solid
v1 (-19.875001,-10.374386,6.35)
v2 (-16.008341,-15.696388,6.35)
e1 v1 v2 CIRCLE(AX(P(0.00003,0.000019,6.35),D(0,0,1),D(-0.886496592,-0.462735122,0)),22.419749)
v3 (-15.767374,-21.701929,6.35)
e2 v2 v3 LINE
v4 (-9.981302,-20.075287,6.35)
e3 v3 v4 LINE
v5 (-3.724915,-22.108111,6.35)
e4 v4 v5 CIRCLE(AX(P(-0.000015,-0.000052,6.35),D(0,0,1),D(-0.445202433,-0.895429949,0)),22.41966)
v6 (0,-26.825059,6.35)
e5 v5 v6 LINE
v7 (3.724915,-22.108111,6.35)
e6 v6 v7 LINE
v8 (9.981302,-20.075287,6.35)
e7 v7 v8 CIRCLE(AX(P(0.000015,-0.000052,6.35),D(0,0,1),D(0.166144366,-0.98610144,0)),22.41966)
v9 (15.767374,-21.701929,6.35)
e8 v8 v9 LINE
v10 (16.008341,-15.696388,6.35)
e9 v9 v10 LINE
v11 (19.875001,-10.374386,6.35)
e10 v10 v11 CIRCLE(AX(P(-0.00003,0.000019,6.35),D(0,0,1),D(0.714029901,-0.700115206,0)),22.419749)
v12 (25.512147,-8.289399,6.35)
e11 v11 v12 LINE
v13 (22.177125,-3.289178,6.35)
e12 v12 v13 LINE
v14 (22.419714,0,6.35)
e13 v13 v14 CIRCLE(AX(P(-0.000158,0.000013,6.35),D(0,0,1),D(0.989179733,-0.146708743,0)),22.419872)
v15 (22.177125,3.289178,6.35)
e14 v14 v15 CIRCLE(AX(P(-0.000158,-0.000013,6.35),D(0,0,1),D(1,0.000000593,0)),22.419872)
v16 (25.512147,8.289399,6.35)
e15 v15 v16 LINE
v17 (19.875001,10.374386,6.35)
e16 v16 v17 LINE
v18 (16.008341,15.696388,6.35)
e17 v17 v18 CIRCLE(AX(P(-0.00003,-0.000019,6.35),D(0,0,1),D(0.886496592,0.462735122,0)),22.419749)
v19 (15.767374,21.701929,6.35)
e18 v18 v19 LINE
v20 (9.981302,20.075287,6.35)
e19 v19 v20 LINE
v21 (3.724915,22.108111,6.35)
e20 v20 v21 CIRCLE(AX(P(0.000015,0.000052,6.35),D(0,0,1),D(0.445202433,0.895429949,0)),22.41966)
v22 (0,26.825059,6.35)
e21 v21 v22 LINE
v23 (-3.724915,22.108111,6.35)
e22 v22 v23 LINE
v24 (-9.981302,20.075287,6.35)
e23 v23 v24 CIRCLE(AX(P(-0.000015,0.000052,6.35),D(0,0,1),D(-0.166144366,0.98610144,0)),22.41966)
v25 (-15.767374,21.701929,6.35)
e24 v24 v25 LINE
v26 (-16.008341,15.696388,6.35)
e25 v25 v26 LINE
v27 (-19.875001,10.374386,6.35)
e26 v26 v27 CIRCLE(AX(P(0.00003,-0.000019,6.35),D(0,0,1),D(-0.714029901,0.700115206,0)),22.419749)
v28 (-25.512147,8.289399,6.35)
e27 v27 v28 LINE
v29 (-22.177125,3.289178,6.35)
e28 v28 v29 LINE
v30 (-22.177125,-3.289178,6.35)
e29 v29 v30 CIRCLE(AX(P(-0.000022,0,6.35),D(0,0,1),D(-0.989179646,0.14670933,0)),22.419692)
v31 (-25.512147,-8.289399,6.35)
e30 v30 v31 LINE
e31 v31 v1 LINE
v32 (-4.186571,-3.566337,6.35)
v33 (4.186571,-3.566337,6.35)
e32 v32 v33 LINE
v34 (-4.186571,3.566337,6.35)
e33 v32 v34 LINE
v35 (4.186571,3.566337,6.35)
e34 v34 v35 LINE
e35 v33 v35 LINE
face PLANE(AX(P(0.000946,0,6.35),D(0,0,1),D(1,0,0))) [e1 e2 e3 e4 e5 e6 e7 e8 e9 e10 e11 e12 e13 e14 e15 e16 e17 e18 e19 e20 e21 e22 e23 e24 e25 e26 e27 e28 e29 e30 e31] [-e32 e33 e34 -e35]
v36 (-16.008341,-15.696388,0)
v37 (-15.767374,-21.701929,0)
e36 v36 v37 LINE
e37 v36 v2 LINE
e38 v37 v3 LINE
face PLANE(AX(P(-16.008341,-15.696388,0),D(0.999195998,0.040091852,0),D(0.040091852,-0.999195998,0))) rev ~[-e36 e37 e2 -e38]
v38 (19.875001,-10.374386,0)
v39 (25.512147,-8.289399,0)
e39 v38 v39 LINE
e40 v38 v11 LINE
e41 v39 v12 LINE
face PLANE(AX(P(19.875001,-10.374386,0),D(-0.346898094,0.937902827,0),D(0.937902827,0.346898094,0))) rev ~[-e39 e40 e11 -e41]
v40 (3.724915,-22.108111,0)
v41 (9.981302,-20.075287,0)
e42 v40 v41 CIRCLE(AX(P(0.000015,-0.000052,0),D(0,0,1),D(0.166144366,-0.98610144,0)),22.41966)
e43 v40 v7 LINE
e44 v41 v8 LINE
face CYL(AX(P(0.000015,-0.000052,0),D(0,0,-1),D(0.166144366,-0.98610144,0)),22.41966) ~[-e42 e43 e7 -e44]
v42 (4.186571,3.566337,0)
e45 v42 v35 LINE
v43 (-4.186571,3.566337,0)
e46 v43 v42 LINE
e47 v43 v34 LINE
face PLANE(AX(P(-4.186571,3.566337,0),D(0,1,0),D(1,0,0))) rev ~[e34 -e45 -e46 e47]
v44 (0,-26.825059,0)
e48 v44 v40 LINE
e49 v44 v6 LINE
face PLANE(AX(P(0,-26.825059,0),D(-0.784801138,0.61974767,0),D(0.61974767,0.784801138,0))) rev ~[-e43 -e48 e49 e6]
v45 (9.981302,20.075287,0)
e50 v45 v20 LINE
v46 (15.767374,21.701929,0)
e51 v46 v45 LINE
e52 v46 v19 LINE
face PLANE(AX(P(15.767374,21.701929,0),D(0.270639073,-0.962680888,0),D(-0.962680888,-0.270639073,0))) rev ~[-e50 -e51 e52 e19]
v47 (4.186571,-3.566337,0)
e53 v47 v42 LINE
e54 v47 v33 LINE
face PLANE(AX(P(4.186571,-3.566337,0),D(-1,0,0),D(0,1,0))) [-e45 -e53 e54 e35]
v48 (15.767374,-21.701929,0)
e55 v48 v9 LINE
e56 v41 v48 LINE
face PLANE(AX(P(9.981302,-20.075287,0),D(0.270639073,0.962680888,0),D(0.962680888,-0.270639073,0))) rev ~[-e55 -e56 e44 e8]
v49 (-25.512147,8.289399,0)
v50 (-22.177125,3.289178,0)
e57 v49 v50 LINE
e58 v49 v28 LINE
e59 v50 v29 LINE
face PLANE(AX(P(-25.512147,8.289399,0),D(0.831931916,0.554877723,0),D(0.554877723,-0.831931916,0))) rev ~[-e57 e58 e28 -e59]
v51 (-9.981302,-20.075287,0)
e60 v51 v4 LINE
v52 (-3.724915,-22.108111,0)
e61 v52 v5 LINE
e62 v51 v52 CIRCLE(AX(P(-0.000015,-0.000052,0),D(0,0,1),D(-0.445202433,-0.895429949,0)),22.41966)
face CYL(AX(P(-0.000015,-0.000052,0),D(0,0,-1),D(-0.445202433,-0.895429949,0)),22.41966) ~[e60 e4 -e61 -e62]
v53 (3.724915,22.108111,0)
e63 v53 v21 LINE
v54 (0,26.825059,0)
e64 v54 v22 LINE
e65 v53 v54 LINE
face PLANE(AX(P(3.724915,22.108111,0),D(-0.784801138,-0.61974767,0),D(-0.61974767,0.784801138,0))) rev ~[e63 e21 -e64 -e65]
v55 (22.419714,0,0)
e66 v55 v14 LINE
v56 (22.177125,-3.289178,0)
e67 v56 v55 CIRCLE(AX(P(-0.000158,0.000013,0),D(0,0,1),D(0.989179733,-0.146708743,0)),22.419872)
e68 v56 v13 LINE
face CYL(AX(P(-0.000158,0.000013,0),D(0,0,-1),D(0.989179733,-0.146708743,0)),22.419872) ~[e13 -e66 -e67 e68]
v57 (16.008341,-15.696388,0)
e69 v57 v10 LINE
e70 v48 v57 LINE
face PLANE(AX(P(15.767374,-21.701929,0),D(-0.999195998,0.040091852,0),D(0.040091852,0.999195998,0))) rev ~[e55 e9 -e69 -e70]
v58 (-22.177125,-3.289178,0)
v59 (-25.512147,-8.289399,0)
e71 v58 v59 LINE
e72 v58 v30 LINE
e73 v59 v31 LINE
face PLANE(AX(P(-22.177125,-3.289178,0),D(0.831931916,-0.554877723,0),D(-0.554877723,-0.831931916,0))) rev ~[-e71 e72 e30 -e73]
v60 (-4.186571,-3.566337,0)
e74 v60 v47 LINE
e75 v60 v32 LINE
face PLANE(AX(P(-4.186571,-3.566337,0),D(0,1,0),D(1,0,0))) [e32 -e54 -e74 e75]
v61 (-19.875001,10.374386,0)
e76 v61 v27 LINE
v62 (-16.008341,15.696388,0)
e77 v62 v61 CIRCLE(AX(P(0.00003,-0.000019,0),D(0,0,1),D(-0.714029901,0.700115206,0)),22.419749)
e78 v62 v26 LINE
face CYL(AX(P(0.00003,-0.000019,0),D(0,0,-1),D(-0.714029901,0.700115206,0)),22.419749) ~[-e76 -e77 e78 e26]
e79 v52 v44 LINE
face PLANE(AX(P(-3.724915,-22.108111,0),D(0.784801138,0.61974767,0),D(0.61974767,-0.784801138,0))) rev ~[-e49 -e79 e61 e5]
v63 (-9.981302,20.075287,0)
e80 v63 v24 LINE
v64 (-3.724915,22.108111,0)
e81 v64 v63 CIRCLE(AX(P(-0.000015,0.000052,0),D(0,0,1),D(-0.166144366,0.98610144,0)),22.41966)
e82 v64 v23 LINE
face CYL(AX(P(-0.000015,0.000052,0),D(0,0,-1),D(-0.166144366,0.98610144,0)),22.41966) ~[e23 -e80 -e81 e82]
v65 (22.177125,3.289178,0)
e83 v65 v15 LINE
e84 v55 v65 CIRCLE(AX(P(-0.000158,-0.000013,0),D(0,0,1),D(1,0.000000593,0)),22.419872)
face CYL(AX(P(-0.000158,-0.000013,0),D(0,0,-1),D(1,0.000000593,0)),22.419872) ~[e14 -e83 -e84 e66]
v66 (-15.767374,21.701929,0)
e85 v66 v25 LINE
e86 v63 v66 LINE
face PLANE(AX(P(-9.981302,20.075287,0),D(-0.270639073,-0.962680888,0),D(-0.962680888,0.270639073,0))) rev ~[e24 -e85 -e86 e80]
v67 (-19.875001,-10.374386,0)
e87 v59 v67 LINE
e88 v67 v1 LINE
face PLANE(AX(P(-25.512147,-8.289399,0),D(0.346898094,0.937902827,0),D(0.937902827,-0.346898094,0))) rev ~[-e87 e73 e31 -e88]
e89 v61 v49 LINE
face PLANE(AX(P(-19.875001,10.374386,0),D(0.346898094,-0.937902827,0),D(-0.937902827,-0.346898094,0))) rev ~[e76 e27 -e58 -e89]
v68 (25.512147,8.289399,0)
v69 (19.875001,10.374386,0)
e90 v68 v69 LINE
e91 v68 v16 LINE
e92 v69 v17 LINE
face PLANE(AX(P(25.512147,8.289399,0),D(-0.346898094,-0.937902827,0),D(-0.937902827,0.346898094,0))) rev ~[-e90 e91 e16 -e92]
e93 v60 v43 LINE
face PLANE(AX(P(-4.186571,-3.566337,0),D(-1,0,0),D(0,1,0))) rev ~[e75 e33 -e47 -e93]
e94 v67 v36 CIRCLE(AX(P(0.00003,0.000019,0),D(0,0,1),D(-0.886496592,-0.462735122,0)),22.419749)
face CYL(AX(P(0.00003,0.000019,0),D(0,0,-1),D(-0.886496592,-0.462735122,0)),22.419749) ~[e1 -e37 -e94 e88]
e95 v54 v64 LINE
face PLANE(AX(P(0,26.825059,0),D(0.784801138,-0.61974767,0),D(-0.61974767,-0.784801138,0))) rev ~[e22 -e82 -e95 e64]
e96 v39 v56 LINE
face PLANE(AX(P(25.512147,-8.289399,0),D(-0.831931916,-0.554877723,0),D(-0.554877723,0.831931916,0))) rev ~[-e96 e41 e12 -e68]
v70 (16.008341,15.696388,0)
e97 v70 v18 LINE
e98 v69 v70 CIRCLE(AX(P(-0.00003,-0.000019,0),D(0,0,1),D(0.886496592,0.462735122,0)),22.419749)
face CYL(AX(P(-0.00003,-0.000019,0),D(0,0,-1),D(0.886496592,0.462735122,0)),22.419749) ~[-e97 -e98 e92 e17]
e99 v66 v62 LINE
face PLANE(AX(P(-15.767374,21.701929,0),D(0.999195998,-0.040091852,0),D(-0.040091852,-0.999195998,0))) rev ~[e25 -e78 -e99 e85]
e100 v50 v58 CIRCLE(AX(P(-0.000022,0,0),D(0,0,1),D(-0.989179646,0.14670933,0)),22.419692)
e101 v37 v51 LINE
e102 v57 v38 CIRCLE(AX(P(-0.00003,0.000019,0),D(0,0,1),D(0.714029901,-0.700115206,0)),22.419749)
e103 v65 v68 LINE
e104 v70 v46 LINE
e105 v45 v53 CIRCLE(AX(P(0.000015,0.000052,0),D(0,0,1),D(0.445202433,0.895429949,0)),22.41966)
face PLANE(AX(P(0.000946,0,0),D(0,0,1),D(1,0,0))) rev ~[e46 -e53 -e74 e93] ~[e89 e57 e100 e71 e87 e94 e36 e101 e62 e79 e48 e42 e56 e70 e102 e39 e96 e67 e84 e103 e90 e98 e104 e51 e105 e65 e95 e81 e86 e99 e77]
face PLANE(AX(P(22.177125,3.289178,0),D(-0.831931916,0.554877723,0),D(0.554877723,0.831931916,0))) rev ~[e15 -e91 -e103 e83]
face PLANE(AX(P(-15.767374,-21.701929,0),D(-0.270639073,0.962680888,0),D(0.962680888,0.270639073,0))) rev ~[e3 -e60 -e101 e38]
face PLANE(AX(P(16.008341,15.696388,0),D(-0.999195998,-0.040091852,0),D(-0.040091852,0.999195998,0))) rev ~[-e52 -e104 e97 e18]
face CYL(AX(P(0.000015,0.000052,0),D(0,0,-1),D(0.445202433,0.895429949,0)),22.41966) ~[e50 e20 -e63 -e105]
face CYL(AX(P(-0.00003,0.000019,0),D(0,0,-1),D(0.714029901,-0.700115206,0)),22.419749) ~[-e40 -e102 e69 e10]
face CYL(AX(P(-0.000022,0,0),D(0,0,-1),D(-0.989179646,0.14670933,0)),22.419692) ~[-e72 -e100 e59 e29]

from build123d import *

# Parameters (mm, degrees)
F0_R     = 8.674945
F0_W     = 8.373142
F0_H     = 7.132674
F1_DEPTH = 6.35


with BuildPart() as f1:
    # F0 (on Top) → F1 (new body)
    with BuildSketch(Plane.XY):
        with BuildLine():
            ThreePointArc((22.177125, -3.289178), (22.358984, -1.649056), (22.419714, 0))
            ThreePointArc((22.419714, 0), (22.358984, 1.649056), (22.177125, 3.289178))
            ThreePointArc((22.177125, 3.289178), (21.322415, 6.928073), (19.875001, 10.374386))
            ThreePointArc((19.875001, 10.374386), (18.137929, 13.177977), (16.008341, 15.696388))
            ThreePointArc((16.008341, 15.696388), (13.177977, 18.137929), (9.981302, 20.075287))
            ThreePointArc((9.981302, 20.075287), (6.928073, 21.322415), (3.724915, 22.108111))
            ThreePointArc((3.724915, 22.108111), (0, 22.419714), (-3.724915, 22.108111))
            ThreePointArc((-3.724915, 22.108111), (-6.928073, 21.322415), (-9.981302, 20.075287))
            ThreePointArc((-9.981302, 20.075287), (-13.177977, 18.137929), (-16.008341, 15.696388))
            ThreePointArc((-16.008341, 15.696388), (-18.137929, 13.177977), (-19.875001, 10.374386))
            ThreePointArc((-19.875001, 10.374386), (-21.322415, 6.928073), (-22.177125, 3.289178))
            ThreePointArc((-22.177125, 3.289178), (-22.419714, 0), (-22.177125, -3.289178))
            ThreePointArc((-22.177125, -3.289178), (-21.322415, -6.928073), (-19.875001, -10.374386))
            ThreePointArc((-19.875001, -10.374386), (-18.137929, -13.177977), (-16.008341, -15.696388))
            ThreePointArc((-16.008341, -15.696388), (-13.177977, -18.137929), (-9.981302, -20.075287))
            ThreePointArc((-9.981302, -20.075287), (-6.928073, -21.322415), (-3.724915, -22.108111))
            ThreePointArc((-3.724915, -22.108111), (0, -22.419714), (3.724915, -22.108111))
            ThreePointArc((3.724915, -22.108111), (6.928073, -21.322415), (9.981302, -20.075287))
            ThreePointArc((9.981302, -20.075287), (13.177977, -18.137929), (16.008341, -15.696388))
            ThreePointArc((16.008341, -15.696388), (18.137929, -13.177977), (19.875001, -10.374386))
            ThreePointArc((19.875001, -10.374386), (21.322415, -6.928073), (22.177125, -3.289178))
        make_face()
        Circle(F0_R, mode=Mode.SUBTRACT)
        with BuildLine():
            ThreePointArc((-16.008341, 15.696388), (-13.177977, 18.137929), (-9.981302, 20.075287))
            Line((-9.981302, 20.075287), (-15.767374, 21.701929))
            Line((-15.767374, 21.701929), (-16.008341, 15.696388))
        make_face()
        with BuildLine():
            ThreePointArc((-3.724915, 22.108111), (0, 22.419714), (3.724915, 22.108111))
            Line((3.724915, 22.108111), (0, 26.825059))
            Line((0, 26.825059), (-3.724915, 22.108111))
        make_face()
        with BuildLine():
            ThreePointArc((9.981302, 20.075287), (13.177977, 18.137929), (16.008341, 15.696388))
            Line((16.008341, 15.696388), (15.767374, 21.701929))
            Line((15.767374, 21.701929), (9.981302, 20.075287))
        make_face()
        with BuildLine():
            ThreePointArc((19.875001, 10.374386), (21.322415, 6.928073), (22.177125, 3.289178))
            Line((22.177125, 3.289178), (25.512147, 8.289399))
            Line((25.512147, 8.289399), (19.875001, 10.374386))
        make_face()
        with BuildLine():
            Line((25.512147, -8.289399), (22.177125, -3.289178))
            ThreePointArc((22.177125, -3.289178), (21.322415, -6.928073), (19.875001, -10.374386))
            Line((19.875001, -10.374386), (25.512147, -8.289399))
        make_face()
        with BuildLine():
            Line((15.767374, -21.701929), (16.008341, -15.696388))
            ThreePointArc((16.008341, -15.696388), (13.177977, -18.137929), (9.981302, -20.075287))
            Line((9.981302, -20.075287), (15.767374, -21.701929))
        make_face()
        with BuildLine():
            Line((0, -26.825059), (3.724915, -22.108111))
            ThreePointArc((3.724915, -22.108111), (0, -22.419714), (-3.724915, -22.108111))
            Line((-3.724915, -22.108111), (0, -26.825059))
        make_face()
        with BuildLine():
            Line((-15.767374, -21.701929), (-9.981302, -20.075287))
            ThreePointArc((-9.981302, -20.075287), (-13.177977, -18.137929), (-16.008341, -15.696388))
            Line((-16.008341, -15.696388), (-15.767374, -21.701929))
        make_face()
        with BuildLine():
            Line((-25.512147, -8.289399), (-19.875001, -10.374386))
            ThreePointArc((-19.875001, -10.374386), (-21.322415, -6.928073), (-22.177125, -3.289178))
            Line((-22.177125, -3.289178), (-25.512147, -8.289399))
        make_face()
        with BuildLine():
            ThreePointArc((-22.177125, 3.289178), (-21.322415, 6.928073), (-19.875001, 10.374386))
            Line((-19.875001, 10.374386), (-25.512147, 8.289399))
            Line((-25.512147, 8.289399), (-22.177125, 3.289178))
        make_face()
        Circle(F0_R)
        Rectangle(F0_W, F0_H, mode=Mode.SUBTRACT)
    extrude(amount=F1_DEPTH)


solid = f1.part
